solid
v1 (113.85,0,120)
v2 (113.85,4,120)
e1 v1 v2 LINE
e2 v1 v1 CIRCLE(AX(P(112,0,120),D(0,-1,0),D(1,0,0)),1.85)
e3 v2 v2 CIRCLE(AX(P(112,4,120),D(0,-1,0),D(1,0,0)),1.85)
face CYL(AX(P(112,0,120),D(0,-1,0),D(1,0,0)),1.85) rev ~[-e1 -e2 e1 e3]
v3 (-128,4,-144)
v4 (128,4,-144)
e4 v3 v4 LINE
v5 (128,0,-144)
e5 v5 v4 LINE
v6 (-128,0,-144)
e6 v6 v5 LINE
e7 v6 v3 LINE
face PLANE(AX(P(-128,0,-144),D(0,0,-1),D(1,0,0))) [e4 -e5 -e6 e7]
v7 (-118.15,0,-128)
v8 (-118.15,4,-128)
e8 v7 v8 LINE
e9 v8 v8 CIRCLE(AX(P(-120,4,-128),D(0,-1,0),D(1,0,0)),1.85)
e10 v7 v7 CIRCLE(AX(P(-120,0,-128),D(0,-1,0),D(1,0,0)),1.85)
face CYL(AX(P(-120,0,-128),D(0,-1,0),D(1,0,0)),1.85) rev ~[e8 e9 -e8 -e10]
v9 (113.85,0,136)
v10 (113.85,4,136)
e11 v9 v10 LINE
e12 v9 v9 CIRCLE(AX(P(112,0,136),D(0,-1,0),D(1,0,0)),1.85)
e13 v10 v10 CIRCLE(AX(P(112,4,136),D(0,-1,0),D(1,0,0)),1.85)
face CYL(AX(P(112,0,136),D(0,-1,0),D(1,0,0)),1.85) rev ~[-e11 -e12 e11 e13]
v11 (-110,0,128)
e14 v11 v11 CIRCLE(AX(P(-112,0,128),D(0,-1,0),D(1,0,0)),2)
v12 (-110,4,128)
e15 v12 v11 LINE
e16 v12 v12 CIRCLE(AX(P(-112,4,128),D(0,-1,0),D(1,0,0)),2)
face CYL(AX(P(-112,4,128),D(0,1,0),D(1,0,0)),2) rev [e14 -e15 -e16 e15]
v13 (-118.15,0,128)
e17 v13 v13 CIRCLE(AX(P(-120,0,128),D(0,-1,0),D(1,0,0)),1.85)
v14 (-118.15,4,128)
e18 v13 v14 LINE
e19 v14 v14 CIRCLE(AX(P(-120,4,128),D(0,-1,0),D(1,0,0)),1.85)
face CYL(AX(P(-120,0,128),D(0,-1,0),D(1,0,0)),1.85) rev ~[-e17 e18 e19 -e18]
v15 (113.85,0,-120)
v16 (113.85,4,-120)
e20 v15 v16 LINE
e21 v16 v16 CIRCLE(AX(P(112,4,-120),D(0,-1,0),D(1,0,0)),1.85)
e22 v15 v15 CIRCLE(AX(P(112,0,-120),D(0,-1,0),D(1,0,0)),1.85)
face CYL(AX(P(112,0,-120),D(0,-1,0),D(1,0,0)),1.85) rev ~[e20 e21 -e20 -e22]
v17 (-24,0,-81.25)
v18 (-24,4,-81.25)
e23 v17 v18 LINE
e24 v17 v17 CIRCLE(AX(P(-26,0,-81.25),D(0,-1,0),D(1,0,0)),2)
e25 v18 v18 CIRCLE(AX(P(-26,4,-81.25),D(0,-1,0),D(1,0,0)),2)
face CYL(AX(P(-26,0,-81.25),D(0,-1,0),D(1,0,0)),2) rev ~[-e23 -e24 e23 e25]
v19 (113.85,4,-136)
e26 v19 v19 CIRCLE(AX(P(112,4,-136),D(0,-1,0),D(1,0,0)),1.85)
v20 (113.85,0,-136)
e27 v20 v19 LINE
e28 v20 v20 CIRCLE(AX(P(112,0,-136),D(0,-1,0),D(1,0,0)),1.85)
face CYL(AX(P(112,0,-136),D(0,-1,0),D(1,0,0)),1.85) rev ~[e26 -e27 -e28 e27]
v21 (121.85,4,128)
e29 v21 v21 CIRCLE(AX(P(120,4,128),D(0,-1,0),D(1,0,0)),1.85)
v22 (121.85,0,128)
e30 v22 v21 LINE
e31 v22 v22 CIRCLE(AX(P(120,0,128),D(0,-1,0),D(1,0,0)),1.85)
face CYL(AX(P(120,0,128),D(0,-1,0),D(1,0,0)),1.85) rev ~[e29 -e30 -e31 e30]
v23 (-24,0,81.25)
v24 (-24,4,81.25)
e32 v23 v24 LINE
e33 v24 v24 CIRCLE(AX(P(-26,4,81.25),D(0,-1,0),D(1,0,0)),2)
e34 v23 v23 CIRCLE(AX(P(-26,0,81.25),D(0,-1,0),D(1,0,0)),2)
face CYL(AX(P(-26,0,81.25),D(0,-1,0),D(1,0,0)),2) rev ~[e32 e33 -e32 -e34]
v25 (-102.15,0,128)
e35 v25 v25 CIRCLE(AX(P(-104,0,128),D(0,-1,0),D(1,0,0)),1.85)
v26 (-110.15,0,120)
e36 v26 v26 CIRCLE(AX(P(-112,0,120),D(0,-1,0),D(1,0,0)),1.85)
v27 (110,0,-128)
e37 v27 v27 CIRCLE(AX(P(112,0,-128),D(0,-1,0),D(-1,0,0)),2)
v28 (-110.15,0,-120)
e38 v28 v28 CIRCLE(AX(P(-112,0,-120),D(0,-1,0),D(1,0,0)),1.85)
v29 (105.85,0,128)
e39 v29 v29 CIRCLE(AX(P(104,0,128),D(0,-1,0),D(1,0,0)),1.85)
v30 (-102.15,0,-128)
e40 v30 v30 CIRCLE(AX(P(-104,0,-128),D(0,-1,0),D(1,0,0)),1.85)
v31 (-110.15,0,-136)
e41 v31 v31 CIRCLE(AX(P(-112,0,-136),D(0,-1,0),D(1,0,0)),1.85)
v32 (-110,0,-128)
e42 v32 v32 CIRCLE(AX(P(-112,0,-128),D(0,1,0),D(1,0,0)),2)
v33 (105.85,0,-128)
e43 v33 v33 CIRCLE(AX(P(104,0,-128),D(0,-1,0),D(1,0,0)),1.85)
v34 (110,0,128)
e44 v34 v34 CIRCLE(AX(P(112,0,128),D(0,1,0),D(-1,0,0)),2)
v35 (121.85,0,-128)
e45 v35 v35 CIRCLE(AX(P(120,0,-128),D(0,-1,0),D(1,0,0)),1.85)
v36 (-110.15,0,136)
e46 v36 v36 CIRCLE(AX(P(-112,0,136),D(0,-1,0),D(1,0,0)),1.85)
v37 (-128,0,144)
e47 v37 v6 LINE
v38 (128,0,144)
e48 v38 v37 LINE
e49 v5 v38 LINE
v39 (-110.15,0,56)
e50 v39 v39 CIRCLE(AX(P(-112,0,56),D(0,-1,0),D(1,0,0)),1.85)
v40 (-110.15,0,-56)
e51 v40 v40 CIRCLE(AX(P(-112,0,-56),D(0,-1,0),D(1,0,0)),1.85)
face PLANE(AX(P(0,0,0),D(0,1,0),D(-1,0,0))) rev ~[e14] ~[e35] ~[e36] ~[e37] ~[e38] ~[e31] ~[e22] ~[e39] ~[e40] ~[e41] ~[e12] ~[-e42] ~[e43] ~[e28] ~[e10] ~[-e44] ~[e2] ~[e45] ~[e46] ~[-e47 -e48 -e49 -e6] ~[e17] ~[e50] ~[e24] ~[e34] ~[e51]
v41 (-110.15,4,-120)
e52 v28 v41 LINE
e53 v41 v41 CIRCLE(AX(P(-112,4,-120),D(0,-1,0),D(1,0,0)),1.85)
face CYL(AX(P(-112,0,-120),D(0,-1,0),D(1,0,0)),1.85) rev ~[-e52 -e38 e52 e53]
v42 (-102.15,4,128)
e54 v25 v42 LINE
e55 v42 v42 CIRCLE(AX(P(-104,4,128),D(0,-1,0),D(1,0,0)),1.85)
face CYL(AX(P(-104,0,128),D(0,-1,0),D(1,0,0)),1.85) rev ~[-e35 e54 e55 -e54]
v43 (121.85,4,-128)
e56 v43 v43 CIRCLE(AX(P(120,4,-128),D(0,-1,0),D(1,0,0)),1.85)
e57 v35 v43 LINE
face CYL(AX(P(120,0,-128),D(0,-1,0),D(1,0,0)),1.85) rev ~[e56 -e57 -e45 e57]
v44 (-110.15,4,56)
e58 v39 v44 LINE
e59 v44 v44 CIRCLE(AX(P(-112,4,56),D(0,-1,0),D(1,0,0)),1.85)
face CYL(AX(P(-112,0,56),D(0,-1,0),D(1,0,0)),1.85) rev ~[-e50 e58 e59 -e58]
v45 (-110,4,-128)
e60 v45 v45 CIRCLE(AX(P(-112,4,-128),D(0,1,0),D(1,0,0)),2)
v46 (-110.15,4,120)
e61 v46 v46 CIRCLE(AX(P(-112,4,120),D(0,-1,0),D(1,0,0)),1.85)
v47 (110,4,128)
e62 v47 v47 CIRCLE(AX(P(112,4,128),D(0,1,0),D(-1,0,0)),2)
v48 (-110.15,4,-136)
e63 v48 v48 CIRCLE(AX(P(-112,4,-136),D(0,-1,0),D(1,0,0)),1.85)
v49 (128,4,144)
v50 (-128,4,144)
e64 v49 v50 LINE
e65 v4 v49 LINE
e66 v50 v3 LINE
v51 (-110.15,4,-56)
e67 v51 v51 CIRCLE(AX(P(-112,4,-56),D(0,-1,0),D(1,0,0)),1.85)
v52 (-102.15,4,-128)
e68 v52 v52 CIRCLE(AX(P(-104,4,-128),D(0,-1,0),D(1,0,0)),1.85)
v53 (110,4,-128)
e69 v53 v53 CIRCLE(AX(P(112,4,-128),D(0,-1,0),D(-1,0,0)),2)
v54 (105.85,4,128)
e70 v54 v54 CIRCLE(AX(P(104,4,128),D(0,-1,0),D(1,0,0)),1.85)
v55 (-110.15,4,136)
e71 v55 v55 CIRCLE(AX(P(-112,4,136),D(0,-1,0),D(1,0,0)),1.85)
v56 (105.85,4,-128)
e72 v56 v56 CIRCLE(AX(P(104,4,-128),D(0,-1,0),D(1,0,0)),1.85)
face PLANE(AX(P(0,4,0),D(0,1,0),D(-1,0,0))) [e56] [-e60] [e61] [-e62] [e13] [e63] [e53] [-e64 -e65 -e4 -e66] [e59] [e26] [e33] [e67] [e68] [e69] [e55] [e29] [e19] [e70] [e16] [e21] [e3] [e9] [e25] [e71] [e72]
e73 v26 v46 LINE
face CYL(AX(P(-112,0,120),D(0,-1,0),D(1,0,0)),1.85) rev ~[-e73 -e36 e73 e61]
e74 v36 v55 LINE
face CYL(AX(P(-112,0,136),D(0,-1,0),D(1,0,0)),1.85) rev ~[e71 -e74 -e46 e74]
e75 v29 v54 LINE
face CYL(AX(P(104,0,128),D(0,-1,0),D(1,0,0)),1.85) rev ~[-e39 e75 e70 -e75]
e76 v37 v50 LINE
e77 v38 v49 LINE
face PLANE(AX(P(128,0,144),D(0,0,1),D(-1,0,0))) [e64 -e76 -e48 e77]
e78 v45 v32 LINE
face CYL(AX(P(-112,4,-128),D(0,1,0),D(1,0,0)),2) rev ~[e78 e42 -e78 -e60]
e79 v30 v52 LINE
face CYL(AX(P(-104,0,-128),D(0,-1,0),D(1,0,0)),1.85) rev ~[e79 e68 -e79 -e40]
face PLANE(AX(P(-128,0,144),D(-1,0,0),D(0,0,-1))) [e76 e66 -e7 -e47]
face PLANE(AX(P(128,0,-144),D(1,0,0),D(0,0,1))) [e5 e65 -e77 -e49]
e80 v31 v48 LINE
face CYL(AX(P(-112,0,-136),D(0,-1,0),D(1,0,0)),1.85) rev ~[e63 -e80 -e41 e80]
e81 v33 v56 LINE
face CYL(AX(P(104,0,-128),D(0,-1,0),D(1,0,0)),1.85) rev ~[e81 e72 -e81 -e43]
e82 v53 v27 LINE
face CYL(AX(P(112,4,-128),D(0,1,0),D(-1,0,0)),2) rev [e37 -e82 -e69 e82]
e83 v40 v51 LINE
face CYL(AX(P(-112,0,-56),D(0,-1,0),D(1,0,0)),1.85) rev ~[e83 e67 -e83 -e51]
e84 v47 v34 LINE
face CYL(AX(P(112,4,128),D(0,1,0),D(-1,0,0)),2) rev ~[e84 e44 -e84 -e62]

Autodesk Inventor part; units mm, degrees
ref_plane "YZ Plane" through (0, 0, 0) normal (1, 0, 0) x (0, 1, 0)
ref_plane "XZ Plane" through (0, 0, 0) normal (0, 1, 0) x (-1, 0, 0)
ref_plane "XY Plane" through (0, 0, 0) normal (0, 0, 1) x (1, 0, 0)
sketch "Эскиз1" plane through (0, 0, 0) normal (0, 1, 0) x (-1, 0, 0)
  line L0 (-128, 144) -> (128, 144)
  line L1 (128, 144) -> (128, -144)
  line L2 (128, -144) -> (-128, -144)
  line L3 (-128, -144) -> (-128, 144)
  line L4 (-128, 144) -> (128, -144) construction
  line L5 (128, 144) -> (-128, -144) construction
  point P0 (0, 0)
  dimension "d0" = 256
  dimension "d1" = 288
extrude "Выдавливание1" add sketch "Эскиз1" along normal blind 4
sketch "Эскиз2" plane through (0, 0, 0) normal (0, -1, 0) x (1, 0, 0)
  circle A0 centre (-26, 81.25) radius 2 projected
  circle A1 centre (-26, -81.25) radius 2 projected
  circle A2 centre (-112, 56) radius 1.85 projected
  circle A3 centre (-112, -56) radius 1.85 projected
  circle A4 centre (120, 128) radius 1.85 projected
  circle A5 centre (112, 120) radius 1.85 projected
  circle A6 centre (104, 128) radius 1.85 projected
  circle A7 centre (112, 136) radius 1.85 projected
  circle A8 centre (-112, 136) radius 1.85 projected
  circle A9 centre (-104, 128) radius 1.85 projected
  circle A10 centre (-112, 120) radius 1.85 projected
  circle A11 centre (-120, 128) radius 1.85 projected
  circle A12 centre (-104, -128) radius 1.85 projected
  circle A13 centre (-120, -128) radius 1.85 projected
  circle A14 centre (-112, -120) radius 1.85 projected
  circle A15 centre (-112, -136) radius 1.85 projected
  circle A16 centre (104, -128) radius 1.85 projected
  circle A17 centre (112, -120) radius 1.85 projected
  circle A18 centre (112, -136) radius 1.85 projected
  circle A19 centre (120, -128) radius 1.85 projected
  point P0 (0, 0)
extrude "Выдавливание2" cut sketch "Эскиз2" against normal blind 4
sketch "Эскиз3" plane through (0, 4, 0) normal (0, 1, 0) x (1, 0, 0)
  circle A0 centre (-112, 136) radius 1.85 projected
  circle A1 centre (-120, 128) radius 1.85 projected
  circle A2 centre (-104, 128) radius 1.85 projected
  circle A3 centre (-112, 120) radius 1.85 projected
  circle A4 centre (-112, 128) radius 2
  point P0 (0, 0)
  dimension "d6" = 4
extrude "Выдавливание3" cut sketch "Эскиз3" against normal blind 4 contours A4
mirror "Зеркальное отражение1" about plane through (0, 0, 0) normal (1, 0, 0) of "Выдавливание3"
mirror "Зеркальное отражение2" about plane through (0, 0, 0) normal (0, 0, 1) of "Выдавливание3", "Зеркальное отражение1"
properties part number "000.001.014 - Грузовая площадка"
